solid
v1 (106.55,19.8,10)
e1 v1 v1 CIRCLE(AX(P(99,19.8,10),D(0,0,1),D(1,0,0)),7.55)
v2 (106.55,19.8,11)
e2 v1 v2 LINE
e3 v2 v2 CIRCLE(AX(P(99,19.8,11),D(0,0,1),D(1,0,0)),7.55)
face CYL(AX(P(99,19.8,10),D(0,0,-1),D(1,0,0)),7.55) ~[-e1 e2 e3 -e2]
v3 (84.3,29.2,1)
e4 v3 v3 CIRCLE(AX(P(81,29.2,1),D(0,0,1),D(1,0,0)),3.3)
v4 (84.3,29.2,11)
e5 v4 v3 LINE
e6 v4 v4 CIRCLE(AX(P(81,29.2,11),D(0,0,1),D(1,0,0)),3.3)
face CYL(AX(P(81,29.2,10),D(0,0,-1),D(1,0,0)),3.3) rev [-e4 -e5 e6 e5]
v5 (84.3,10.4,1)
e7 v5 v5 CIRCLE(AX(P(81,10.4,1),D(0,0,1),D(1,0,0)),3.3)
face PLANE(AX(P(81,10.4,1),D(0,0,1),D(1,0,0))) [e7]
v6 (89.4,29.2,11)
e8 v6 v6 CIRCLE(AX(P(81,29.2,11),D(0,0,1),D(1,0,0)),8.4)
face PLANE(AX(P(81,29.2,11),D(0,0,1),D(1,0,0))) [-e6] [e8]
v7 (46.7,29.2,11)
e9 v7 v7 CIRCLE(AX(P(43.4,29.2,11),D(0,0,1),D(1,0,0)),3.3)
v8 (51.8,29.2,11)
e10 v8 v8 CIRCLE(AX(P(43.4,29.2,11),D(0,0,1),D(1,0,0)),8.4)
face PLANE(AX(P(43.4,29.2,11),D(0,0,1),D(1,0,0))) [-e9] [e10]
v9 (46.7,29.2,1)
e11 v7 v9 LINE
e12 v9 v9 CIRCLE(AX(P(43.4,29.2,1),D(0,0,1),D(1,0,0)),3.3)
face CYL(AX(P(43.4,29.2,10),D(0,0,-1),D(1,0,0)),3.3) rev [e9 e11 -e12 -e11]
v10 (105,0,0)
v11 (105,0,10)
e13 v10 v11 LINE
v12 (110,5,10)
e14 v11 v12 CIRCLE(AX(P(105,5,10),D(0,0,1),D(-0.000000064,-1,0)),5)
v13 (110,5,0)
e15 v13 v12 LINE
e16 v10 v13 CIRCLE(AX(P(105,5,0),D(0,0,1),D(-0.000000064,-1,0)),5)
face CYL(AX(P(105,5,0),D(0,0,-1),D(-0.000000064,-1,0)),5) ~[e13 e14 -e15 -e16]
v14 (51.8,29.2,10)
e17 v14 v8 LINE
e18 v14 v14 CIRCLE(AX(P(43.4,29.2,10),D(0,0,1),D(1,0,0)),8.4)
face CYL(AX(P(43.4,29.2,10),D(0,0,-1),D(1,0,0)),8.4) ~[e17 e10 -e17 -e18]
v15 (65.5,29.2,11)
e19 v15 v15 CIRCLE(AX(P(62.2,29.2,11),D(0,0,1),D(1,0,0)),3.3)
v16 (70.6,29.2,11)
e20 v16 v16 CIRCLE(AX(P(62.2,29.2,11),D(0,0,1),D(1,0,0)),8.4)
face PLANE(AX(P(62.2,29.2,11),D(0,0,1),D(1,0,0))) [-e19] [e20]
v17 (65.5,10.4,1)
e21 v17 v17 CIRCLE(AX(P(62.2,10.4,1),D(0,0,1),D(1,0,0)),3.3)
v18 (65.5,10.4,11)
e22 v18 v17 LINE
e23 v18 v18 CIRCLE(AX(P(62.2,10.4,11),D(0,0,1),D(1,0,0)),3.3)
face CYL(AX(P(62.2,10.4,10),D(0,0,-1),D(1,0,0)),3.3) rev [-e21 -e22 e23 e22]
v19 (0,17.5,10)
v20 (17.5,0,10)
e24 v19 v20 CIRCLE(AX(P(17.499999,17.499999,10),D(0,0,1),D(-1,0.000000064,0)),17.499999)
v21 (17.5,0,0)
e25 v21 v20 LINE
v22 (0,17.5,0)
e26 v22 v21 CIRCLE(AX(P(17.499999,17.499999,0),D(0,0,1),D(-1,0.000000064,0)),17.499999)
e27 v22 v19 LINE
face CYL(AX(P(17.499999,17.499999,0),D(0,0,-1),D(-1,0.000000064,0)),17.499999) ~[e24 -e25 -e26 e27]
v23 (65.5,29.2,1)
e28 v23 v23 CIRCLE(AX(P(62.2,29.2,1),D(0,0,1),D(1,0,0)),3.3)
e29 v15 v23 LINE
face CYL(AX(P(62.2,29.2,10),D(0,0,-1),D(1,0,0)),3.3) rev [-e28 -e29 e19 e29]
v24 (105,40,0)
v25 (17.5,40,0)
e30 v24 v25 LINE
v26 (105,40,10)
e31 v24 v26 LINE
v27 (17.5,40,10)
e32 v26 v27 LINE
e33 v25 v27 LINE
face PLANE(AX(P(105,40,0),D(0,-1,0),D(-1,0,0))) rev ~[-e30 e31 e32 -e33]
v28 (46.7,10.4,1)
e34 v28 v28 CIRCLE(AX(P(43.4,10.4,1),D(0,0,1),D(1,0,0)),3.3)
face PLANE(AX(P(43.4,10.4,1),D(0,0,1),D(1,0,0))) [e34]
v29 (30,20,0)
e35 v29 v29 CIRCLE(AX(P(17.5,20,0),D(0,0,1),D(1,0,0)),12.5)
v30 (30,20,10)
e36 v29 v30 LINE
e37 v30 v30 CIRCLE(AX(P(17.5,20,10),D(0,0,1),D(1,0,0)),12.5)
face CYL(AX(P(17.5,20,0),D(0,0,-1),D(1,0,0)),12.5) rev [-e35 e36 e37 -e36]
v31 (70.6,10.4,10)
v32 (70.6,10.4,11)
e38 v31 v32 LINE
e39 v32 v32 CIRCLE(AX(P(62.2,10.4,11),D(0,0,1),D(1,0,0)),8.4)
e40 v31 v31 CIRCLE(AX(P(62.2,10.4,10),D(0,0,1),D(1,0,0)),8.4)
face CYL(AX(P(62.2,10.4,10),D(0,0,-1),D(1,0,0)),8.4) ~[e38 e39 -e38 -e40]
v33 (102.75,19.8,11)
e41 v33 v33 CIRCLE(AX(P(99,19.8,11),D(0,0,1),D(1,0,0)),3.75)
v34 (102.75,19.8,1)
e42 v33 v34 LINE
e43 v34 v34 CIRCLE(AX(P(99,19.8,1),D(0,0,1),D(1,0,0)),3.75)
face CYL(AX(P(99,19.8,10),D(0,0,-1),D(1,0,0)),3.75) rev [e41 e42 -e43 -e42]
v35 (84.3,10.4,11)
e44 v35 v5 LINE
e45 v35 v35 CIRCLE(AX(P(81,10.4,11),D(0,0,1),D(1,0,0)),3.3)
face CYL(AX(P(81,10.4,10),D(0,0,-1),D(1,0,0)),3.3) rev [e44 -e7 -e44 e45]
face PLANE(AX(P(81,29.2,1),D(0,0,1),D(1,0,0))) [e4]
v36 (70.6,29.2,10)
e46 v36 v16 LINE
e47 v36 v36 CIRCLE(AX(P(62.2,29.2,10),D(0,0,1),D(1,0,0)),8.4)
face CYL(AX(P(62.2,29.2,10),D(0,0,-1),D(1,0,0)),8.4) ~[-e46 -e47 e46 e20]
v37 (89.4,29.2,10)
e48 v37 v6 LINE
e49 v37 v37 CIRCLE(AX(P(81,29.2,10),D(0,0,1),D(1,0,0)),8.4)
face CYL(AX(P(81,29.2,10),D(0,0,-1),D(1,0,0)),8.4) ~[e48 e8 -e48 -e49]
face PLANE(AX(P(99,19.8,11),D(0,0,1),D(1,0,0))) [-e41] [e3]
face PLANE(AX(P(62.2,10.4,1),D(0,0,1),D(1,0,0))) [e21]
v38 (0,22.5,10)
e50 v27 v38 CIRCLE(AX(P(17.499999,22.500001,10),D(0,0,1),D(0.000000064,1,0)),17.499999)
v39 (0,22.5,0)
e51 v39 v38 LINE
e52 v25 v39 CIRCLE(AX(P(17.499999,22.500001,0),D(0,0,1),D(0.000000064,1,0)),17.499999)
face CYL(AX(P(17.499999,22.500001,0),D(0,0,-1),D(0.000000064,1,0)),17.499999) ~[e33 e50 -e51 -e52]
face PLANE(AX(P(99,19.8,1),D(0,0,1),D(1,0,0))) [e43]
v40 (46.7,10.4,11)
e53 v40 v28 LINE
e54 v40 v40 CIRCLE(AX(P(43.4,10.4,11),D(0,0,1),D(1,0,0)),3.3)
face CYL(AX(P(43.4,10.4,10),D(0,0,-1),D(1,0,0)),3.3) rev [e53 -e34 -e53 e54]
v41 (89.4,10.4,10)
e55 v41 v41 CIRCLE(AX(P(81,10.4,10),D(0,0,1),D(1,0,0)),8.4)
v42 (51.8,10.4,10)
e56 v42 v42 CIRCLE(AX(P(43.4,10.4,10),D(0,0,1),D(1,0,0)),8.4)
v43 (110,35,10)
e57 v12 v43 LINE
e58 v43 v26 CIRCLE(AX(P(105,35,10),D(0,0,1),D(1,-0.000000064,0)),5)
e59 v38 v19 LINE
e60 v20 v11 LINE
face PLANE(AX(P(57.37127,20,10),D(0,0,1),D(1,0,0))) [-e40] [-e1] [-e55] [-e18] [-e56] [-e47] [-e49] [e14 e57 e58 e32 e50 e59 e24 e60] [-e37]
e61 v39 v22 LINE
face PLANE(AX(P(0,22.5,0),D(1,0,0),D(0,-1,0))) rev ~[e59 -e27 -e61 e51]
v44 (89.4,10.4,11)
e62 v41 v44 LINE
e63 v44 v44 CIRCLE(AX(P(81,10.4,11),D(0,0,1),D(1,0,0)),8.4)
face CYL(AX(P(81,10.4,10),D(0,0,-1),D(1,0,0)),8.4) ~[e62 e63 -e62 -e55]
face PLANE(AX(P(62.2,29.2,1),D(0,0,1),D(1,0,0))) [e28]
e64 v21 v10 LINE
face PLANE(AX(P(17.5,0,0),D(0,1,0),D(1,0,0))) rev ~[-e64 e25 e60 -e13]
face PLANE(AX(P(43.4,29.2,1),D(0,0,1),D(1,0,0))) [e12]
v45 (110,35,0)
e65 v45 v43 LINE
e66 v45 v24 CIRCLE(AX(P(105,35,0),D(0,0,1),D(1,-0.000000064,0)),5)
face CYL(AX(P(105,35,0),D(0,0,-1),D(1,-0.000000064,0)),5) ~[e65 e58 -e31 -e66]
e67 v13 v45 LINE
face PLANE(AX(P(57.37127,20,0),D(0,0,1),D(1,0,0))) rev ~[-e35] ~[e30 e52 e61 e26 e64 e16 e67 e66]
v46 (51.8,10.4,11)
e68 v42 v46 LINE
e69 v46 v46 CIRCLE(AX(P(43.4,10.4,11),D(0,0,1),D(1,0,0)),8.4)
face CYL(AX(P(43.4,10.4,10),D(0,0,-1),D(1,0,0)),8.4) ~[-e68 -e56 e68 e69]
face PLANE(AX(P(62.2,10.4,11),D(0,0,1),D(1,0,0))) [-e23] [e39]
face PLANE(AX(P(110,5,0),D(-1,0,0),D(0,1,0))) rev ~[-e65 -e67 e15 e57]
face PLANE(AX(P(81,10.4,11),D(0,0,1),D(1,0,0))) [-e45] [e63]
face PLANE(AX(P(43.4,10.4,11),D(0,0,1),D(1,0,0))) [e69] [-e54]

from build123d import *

# Parameters (mm, degrees)
F0_R     = 12.5
F1_DEPTH = 10
F2_R     = 8.4
F2_R_2   = 3.3
F2_R_3   = 7.55
F2_R_4   = 3.75
F3_DEPTH = 1
F4_DEPTH = 9


with BuildPart() as f1:
    # F0 (on Top) → F1 (new body)
    with BuildSketch(Plane.XY):
        with BuildLine():
            ThreePointArc((0, 17.5), (5.125631, 5.125631), (17.5, 0))
            Line((17.5, 0), (105, 0))
            ThreePointArc((105, 0), (108.535534, 1.464466), (110, 5))
            Line((110, 5), (110, 35))
            ThreePointArc((110, 35), (108.535534, 38.535534), (105, 40))
            Line((105, 40), (17.5, 40))
            ThreePointArc((17.5, 40), (5.125631, 34.874369), (0, 22.5))
            Line((0, 22.5), (0, 17.5))
        make_face()
        with Locations((17.5, 20)):
            Circle(F0_R, mode=Mode.SUBTRACT)
    extrude(amount=F1_DEPTH)

    # F2 (on face) → F3 (join)
    with BuildSketch(Plane.XY.offset(10)):
        with Locations((43.4, 29.2)):
            Circle(F2_R)
        with Locations((43.4, 29.2)):
            Circle(F2_R_2, mode=Mode.SUBTRACT)
        with Locations((62.2, 29.2)):
            Circle(F2_R)
        with Locations((62.2, 29.2)):
            Circle(F2_R_2, mode=Mode.SUBTRACT)
        with Locations((62.2, 10.4)):
            Circle(F2_R)
        with Locations((62.2, 10.4)):
            Circle(F2_R_2, mode=Mode.SUBTRACT)
        with Locations((43.4, 10.4)):
            Circle(F2_R)
        with Locations((43.4, 10.4)):
            Circle(F2_R_2, mode=Mode.SUBTRACT)
        with Locations((81, 10.4)):
            Circle(F2_R)
        with Locations((81, 10.4)):
            Circle(F2_R_2, mode=Mode.SUBTRACT)
        with Locations((81, 29.2)):
            Circle(F2_R)
        with Locations((81, 29.2)):
            Circle(F2_R_2, mode=Mode.SUBTRACT)
        with Locations((99, 19.8)):
            Circle(F2_R_3)
        with Locations((99, 19.8)):
            Circle(F2_R_4, mode=Mode.SUBTRACT)
    extrude(amount=F3_DEPTH)

    # F2 (on face) → F4 (cut)
    with BuildSketch(Plane.XY.offset(10)):
        with Locations((99, 19.8)):
            Circle(F2_R_4)
        with Locations((81, 29.2)):
            Circle(F2_R_2)
        with Locations((81, 10.4)):
            Circle(F2_R_2)
        with Locations((62.2, 10.4)):
            Circle(F2_R_2)
        with Locations((62.2, 29.2)):
            Circle(F2_R_2)
        with Locations((43.4, 29.2)):
            Circle(F2_R_2)
        with Locations((43.4, 10.4)):
            Circle(F2_R_2)
    extrude(amount=-F4_DEPTH, mode=Mode.SUBTRACT)


solid = f1.part
